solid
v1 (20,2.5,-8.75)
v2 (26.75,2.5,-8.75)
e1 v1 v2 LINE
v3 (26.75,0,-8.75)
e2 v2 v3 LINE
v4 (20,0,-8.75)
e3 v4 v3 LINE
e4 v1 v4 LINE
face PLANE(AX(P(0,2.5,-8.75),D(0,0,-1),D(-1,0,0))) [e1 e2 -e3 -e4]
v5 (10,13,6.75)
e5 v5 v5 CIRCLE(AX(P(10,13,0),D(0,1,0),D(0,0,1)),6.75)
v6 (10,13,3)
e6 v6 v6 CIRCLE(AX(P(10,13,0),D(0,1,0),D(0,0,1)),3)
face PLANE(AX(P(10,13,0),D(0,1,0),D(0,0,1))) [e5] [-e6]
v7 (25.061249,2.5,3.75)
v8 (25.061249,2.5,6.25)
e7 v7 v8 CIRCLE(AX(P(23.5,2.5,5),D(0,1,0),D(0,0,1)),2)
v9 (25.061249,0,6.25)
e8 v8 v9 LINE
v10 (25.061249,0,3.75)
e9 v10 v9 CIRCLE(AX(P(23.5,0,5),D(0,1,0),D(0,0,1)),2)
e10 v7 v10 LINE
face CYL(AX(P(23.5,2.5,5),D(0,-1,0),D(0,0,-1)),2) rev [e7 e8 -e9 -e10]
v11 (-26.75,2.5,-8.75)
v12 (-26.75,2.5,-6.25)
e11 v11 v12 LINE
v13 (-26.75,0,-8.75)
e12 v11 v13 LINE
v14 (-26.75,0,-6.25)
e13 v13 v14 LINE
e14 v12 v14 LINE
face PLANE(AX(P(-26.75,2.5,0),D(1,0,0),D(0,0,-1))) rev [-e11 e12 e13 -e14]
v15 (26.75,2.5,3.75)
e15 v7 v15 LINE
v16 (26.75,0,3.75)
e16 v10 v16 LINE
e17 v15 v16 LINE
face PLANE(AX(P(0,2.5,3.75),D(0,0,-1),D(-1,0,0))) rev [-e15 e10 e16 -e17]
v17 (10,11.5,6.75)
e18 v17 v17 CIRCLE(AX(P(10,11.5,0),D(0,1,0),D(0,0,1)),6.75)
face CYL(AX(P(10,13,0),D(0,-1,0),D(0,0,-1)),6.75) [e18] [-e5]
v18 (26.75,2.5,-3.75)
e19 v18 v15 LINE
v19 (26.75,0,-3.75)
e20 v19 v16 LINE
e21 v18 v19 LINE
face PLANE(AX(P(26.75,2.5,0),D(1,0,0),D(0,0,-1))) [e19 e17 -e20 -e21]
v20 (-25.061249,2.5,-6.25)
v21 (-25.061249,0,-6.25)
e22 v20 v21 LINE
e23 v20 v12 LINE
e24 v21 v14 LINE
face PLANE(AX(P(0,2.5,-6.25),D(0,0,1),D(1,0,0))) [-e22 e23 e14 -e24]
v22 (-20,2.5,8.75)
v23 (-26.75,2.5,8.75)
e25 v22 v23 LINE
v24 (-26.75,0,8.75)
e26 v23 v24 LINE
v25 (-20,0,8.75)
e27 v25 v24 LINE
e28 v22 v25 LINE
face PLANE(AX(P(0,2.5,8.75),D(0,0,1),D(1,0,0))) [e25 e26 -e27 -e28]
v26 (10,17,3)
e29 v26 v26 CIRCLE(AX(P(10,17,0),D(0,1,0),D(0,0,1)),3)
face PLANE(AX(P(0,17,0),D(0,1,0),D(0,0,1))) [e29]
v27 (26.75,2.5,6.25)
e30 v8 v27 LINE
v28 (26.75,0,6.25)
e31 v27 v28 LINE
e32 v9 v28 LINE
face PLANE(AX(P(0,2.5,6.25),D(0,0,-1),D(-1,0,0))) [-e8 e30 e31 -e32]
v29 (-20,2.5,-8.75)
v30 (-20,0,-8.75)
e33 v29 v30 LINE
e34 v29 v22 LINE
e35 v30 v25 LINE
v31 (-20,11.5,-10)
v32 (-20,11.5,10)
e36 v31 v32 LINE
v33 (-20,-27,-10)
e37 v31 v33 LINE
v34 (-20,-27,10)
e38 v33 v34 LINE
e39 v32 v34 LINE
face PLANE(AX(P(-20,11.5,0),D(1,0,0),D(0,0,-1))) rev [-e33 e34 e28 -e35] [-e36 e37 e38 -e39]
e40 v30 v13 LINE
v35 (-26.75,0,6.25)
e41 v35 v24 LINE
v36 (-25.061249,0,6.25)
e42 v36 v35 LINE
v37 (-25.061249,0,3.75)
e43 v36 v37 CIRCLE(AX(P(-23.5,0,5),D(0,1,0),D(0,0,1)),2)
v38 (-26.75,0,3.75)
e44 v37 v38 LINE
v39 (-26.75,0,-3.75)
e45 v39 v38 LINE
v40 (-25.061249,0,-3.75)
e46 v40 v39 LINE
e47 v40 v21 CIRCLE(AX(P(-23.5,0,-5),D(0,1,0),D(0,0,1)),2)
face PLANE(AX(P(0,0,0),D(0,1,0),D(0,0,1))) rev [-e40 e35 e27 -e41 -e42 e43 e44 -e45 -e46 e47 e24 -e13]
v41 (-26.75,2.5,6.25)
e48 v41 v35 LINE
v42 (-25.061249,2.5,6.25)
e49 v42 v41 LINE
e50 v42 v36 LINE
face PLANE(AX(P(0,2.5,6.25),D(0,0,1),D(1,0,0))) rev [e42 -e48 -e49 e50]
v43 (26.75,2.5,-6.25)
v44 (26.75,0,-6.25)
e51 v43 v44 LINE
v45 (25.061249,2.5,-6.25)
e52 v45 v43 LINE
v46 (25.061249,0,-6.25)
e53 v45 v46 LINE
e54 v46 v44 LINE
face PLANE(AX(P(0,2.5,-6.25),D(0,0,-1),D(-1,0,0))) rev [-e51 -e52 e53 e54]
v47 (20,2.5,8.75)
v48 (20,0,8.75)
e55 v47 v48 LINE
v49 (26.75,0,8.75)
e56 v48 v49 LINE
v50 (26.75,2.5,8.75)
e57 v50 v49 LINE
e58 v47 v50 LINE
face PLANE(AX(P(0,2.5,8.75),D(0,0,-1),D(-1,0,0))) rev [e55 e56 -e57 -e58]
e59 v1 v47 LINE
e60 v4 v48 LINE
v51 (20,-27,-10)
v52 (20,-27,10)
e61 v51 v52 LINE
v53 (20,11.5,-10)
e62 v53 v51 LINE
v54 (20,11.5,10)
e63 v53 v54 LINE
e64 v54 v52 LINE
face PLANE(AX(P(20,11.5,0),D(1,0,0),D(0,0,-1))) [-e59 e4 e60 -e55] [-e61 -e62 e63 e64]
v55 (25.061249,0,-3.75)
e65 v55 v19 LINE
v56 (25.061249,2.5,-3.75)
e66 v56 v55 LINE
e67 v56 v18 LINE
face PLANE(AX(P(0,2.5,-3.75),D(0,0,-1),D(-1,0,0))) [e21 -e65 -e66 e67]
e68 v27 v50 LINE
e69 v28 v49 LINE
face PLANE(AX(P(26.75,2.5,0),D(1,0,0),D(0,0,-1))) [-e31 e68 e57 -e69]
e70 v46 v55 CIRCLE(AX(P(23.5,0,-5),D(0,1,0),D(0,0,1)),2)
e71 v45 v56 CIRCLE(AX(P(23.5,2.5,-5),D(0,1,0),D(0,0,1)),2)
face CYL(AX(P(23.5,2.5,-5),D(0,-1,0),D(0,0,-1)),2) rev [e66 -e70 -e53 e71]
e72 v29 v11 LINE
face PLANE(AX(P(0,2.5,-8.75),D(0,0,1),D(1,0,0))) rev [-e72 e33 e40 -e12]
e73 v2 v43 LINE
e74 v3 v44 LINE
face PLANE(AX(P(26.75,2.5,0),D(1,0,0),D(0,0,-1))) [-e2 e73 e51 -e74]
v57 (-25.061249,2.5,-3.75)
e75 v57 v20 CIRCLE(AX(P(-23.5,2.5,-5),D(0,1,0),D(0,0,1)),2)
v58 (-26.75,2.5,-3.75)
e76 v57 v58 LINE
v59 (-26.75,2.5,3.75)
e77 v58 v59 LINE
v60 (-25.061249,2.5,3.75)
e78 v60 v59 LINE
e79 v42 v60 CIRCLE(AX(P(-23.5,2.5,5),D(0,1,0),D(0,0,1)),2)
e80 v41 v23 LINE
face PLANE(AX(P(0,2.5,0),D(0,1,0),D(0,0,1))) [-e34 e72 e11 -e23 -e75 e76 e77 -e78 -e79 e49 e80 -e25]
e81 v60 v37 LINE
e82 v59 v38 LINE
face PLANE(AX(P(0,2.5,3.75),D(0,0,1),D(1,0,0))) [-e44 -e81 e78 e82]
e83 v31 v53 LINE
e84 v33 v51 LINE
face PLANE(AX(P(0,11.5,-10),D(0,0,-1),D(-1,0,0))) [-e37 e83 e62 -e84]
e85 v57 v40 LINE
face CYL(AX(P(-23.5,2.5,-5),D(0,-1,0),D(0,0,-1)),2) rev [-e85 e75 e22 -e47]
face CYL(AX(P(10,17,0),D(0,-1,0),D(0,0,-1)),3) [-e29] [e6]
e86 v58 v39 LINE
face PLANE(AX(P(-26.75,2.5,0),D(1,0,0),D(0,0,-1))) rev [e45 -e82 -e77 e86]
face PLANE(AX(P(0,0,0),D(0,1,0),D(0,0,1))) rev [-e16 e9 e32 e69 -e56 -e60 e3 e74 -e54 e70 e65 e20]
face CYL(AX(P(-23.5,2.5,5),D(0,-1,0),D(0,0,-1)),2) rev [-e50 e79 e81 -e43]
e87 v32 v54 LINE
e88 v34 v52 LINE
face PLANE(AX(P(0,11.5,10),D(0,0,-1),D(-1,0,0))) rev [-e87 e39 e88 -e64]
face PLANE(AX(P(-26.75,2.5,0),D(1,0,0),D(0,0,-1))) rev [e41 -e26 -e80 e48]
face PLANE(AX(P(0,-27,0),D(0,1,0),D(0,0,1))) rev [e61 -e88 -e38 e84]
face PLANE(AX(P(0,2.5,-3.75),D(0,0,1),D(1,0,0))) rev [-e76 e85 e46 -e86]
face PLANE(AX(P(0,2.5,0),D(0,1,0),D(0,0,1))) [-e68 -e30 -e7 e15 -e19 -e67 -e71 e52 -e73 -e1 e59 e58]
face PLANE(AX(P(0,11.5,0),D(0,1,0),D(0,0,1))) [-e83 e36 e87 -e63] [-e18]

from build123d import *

# Parameters (mm, degrees)
EXTRUDE_1_DEPTH   = 2.5
EXTRUDE_1_2_DEPTH = 2.5
EXTRUDE_4_DEPTH   = 27
EXTRUDE_5_DEPTH   = 11.5
SKETCH_2_R        = 3
EXTRUDE_6_DEPTH   = 5.5
SKETCH_2_3_R      = 6.75
SKETCH_2_3_R_2    = 3
EXTRUDE_7_DEPTH   = 1.5


with BuildPart() as part:
    # Эскиз1 → Бобышка-Вытянуть1 (new body)
    with BuildSketch(Plane(origin=(0, 0, 0), x_dir=(1, 0, 0), z_dir=(0, 1, 0))):
        with BuildLine():
            Line((-20, -8.75), (-20, 8.75))
            Line((-20, 8.75), (-26.75, 8.75))
            Line((-26.75, 8.75), (-26.75, 6.25))
            Line((-26.75, 6.25), (-25.0612495, 6.25))
            ThreePointArc((-25.0612495, 6.25), (-21.5, 5), (-25.0612495, 3.75))
            Line((-25.0612495, 3.75), (-26.75, 3.75))
            Line((-26.75, 3.75), (-26.75, -3.75))
            Line((-26.75, -3.75), (-25.0612495, -3.75))
            ThreePointArc((-25.0612495, -3.75), (-21.5, -5), (-25.0612495, -6.25))
            Line((-25.0612495, -6.25), (-26.75, -6.25))
            Line((-26.75, -6.25), (-26.75, -8.75))
            Line((-26.75, -8.75), (-20, -8.75))
        make_face()
    extrude(amount=EXTRUDE_1_DEPTH)



with BuildPart() as body_2:
    # Эскиз1 → Extrude 1 2 (new body)
    with BuildSketch(Plane(origin=(0, 0, 0), x_dir=(1, 0, 0), z_dir=(0, 1, 0))):
        with BuildLine():
            Line((26.75, 8.75), (20, 8.75))
            Line((20, 8.75), (20, -8.75))
            Line((20, -8.75), (26.75, -8.75))
            Line((26.75, -8.75), (26.75, -6.25))
            Line((26.75, -6.25), (25.0612495, -6.25))
            ThreePointArc((25.0612495, -6.25), (21.5, -5), (25.0612495, -3.75))
            Line((25.0612495, -3.75), (26.75, -3.75))
            Line((26.75, -3.75), (26.75, 3.75))
            Line((26.75, 3.75), (25.0612495, 3.75))
            ThreePointArc((25.0612495, 3.75), (21.5, 5), (25.0612495, 6.25))
            Line((25.0612495, 6.25), (26.75, 6.25))
            Line((26.75, 6.25), (26.75, 8.75))
        make_face()
    extrude(amount=EXTRUDE_1_2_DEPTH)


with BuildPart() as body_3:
    # Эскиз1<7> → Бобышка-Вытянуть4 (new body)
    with BuildSketch(Plane(origin=(0, 0, 0), x_dir=(1, 0, 0), z_dir=(0, 1, 0))):
        Polygon((20, 10), (-20, 10), (-20, 8.75), (-20, -8.75), (-20, -10), (20, -10), (20, -8.75), (20, 8.75), align=None)
    extrude(amount=-EXTRUDE_4_DEPTH)


with BuildPart() as part_1:
    add(part.part)

    add(body_2.part)  # Бобышка-Вытянуть5 merges body 2

    add(body_3.part)  # Бобышка-Вытянуть5 merges body 3
    # Эскиз1<8> → Бобышка-Вытянуть5 (add)
    with BuildSketch(Plane(origin=(0, 0, 0), x_dir=(1, 0, 0), z_dir=(0, 1, 0))):
        Polygon((20, 10), (-20, 10), (-20, 8.75), (-20, -8.75), (-20, -10), (20, -10), (20, -8.75), (20, 8.75), align=None)
    extrude(amount=EXTRUDE_5_DEPTH)

    # Эскиз2 → Бобышка-Вытянуть6 (add)
    with BuildSketch(Plane(origin=(0, 11.5, 0), x_dir=(1, 0, 0), z_dir=(0, 1, 0))):
        with Locations((10, 0)):
            Circle(SKETCH_2_R)
    extrude(amount=EXTRUDE_6_DEPTH)

    # Эскиз2<3> → Бобышка-Вытянуть7 (add)
    with BuildSketch(Plane(origin=(0, 11.5, 0), x_dir=(1, 0, 0), z_dir=(0, 1, 0))):
        with Locations((10, 0)):
            Circle(SKETCH_2_3_R)
        with Locations((10, 0)):
            Circle(SKETCH_2_3_R_2, mode=Mode.SUBTRACT)
    extrude(amount=EXTRUDE_7_DEPTH)


solid = part_1.part
